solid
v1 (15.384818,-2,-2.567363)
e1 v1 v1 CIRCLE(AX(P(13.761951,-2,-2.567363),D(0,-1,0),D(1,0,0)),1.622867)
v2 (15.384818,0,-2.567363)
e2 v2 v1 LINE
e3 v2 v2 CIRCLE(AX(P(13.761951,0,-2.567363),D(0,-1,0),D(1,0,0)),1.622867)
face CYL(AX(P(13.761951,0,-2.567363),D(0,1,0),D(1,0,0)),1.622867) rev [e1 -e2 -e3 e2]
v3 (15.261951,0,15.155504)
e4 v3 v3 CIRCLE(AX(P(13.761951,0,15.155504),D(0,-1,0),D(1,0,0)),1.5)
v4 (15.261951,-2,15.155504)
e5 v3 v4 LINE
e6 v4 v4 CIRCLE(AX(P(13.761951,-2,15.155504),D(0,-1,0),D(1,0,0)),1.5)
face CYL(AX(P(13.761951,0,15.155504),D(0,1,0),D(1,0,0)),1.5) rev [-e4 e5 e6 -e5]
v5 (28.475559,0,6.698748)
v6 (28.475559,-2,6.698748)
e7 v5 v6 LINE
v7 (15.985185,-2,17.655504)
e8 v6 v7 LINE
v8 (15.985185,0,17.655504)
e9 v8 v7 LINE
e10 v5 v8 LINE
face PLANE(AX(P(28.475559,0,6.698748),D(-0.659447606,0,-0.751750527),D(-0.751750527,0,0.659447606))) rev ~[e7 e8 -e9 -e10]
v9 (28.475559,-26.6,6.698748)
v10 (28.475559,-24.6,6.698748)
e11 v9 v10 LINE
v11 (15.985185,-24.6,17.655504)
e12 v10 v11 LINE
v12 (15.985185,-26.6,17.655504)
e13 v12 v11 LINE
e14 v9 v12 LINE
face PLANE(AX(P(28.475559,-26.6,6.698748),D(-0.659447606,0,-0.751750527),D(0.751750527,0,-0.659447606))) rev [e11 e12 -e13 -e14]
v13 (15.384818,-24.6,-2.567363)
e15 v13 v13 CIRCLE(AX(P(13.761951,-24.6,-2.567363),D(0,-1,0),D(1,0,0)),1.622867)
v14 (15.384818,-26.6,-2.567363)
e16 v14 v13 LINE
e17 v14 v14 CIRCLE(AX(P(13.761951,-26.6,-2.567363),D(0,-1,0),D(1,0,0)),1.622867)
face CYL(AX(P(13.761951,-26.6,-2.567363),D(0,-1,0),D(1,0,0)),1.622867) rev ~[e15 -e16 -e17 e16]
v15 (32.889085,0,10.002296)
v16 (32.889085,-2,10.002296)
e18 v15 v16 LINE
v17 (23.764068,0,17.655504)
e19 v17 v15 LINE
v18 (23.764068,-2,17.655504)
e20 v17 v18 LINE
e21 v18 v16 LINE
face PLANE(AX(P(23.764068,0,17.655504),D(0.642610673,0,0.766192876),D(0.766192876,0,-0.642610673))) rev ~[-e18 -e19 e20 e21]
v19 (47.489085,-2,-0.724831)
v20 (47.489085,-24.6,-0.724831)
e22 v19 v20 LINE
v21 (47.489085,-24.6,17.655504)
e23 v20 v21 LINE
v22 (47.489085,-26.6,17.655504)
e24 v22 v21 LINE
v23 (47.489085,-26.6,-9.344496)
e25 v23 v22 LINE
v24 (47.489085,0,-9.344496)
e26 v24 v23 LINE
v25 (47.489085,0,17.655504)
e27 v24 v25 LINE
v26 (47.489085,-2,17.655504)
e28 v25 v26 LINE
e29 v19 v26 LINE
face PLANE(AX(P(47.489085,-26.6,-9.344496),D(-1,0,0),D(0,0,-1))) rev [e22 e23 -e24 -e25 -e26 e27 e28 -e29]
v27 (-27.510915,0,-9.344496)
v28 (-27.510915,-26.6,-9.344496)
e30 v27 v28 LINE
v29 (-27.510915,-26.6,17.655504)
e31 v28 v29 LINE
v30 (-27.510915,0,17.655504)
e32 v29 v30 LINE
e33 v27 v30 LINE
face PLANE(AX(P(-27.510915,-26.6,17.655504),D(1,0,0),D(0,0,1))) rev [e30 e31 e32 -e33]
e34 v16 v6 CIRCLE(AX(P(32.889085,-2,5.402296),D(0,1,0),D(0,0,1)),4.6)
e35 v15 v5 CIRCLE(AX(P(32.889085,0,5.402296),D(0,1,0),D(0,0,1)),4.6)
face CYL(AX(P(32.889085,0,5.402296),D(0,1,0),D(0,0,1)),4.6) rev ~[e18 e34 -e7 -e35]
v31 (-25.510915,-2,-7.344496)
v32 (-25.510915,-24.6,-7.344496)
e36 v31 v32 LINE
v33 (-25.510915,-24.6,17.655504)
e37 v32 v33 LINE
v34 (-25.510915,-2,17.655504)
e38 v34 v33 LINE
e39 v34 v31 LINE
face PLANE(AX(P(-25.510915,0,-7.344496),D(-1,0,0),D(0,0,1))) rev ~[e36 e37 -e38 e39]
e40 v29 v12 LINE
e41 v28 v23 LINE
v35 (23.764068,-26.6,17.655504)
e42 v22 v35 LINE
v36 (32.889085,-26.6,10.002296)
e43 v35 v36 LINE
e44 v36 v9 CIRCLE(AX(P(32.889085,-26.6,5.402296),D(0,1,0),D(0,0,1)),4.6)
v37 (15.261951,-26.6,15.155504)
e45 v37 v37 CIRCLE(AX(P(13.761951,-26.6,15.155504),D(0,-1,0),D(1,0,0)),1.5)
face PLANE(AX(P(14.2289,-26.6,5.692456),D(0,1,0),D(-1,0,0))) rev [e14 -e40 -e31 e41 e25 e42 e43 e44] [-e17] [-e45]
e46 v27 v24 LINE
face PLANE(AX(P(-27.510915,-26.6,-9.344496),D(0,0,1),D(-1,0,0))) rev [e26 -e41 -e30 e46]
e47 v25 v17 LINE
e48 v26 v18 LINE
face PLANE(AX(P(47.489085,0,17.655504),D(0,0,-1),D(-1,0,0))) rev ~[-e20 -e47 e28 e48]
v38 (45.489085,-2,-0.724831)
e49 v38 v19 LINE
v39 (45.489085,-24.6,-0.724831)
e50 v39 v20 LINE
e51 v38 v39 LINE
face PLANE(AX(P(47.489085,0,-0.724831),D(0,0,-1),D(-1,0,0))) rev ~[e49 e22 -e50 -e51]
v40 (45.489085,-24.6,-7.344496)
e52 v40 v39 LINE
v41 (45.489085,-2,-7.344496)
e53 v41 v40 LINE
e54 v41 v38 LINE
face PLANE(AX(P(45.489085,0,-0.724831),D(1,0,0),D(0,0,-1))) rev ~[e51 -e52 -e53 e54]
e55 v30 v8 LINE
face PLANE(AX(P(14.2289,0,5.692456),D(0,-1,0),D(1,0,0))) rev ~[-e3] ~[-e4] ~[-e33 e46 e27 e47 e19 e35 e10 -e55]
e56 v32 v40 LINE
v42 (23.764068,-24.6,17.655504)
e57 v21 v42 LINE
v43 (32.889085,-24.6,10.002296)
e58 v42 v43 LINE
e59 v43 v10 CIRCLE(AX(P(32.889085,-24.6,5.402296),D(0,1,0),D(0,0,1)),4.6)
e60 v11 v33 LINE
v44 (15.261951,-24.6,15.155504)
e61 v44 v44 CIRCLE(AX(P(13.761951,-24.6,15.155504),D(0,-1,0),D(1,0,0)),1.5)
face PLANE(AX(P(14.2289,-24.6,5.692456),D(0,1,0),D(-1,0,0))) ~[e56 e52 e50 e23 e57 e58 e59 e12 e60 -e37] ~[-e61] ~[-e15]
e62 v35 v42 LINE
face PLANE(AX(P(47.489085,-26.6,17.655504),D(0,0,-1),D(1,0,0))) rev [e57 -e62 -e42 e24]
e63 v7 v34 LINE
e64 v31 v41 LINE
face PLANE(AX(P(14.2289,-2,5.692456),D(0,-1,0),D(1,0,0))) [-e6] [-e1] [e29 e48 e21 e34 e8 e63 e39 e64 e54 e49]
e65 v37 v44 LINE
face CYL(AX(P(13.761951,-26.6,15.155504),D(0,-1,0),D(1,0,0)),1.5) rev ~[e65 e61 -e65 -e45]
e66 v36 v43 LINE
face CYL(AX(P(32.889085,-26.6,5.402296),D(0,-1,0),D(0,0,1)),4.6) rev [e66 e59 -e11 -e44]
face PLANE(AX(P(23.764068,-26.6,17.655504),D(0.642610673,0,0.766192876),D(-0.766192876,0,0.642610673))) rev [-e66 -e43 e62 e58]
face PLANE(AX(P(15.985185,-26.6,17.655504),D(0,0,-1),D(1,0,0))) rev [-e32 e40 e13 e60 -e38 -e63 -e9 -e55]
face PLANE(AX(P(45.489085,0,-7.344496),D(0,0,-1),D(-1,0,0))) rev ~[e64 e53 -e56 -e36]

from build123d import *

# Parameters (mm, degrees)
F0_R     = 1.6228665853
F0_R_2   = 1.5
F0_W     = 2
F0_H     = 25
F1_DEPTH = 2
F2_DEPTH = 25.6
F3_DEPTH = 24.6


with BuildPart() as f1:
    # F0 (on Front) → F1 (new body)
    with BuildSketch(Plane.XZ):
        with BuildLine():
            Line((47.4890847677, -0.7248306477), (47.4890847677, 6.2918234199))
            Line((47.4890847677, 6.2918234199), (47.4890847677, 17.6555038384))
            Line((47.4890847677, 17.6555038384), (23.7640682912, 17.6555038384))
            Line((23.7640682912, 17.6555038384), (32.8890847677, 10.0022964448))
            ThreePointArc((32.8890847677, 10.0022964448), (35.6455609426, 1.7196562102), (28.4755586515, 6.6987482262))
            Line((28.4755586515, 6.6987482262), (15.9851853108, 17.6555038384))
            Line((15.9851853108, 17.6555038384), (-5.2803540298, 17.6555038384))
            Line((-5.2803540298, 17.6555038384), (-25.5109152323, 17.6555038384))
            Line((-25.5109152323, 17.6555038384), (-25.5109152323, -7.3444961616))
            Line((-25.5109152323, -7.3444961616), (1.1948530817, -7.3444961616))
            Line((1.1948530817, -7.3444961616), (45.4890847677, -7.3444961616))
            Line((45.4890847677, -7.3444961616), (45.4890847677, -0.7248306477))
            Line((45.4890847677, -0.7248306477), (47.4890847677, -0.7248306477))
        make_face()
        with Locations((13.761951353, -2.5673627469)):
            Circle(F0_R, mode=Mode.SUBTRACT)
        with Locations((13.761951353, 15.1555038384)):
            Circle(F0_R_2, mode=Mode.SUBTRACT)
        Polygon((47.4890847677, -9.3444961616), (47.4890847677, -0.7248306477), (45.4890847677, -0.7248306477), (45.4890847677, -7.3444961616), (45.4890847677, -9.3444961616), align=None)
        Polygon((5.9280249222, -9.3444961616), (45.4890847677, -9.3444961616), (45.4890847677, -7.3444961616), (1.1948530817, -7.3444961616), (-25.5109152323, -7.3444961616), (-27.5109152323, -7.3444961616), (-27.5109152323, -9.3444961616), align=None)
        with Locations((-26.5109152323, 5.1555038384)):
            Rectangle(F0_W, F0_H)
    extrude(amount=F1_DEPTH)

    # F0 (on Front) → F2 (join)
    with BuildSketch(Plane.XZ):
        Polygon((47.4890847677, -9.3444961616), (47.4890847677, -0.7248306477), (45.4890847677, -0.7248306477), (45.4890847677, -7.3444961616), (45.4890847677, -9.3444961616), align=None)
        Polygon((5.9280249222, -9.3444961616), (45.4890847677, -9.3444961616), (45.4890847677, -7.3444961616), (1.1948530817, -7.3444961616), (-25.5109152323, -7.3444961616), (-27.5109152323, -7.3444961616), (-27.5109152323, -9.3444961616), align=None)
    extrude(amount=F2_DEPTH)

    # F0 (on Front) → F3 (join)
    with BuildSketch(Plane.XZ):
        with Locations((-26.5109152323, 5.1555038384)):
            Rectangle(F0_W, F0_H)
    extrude(amount=F3_DEPTH)

    # F5: F1 across plane


with BuildPart() as f1_1:
    add(f1.part)
    add(f1.part.mirror(Plane.XZ.offset(13.3)))


solid = f1_1.part
